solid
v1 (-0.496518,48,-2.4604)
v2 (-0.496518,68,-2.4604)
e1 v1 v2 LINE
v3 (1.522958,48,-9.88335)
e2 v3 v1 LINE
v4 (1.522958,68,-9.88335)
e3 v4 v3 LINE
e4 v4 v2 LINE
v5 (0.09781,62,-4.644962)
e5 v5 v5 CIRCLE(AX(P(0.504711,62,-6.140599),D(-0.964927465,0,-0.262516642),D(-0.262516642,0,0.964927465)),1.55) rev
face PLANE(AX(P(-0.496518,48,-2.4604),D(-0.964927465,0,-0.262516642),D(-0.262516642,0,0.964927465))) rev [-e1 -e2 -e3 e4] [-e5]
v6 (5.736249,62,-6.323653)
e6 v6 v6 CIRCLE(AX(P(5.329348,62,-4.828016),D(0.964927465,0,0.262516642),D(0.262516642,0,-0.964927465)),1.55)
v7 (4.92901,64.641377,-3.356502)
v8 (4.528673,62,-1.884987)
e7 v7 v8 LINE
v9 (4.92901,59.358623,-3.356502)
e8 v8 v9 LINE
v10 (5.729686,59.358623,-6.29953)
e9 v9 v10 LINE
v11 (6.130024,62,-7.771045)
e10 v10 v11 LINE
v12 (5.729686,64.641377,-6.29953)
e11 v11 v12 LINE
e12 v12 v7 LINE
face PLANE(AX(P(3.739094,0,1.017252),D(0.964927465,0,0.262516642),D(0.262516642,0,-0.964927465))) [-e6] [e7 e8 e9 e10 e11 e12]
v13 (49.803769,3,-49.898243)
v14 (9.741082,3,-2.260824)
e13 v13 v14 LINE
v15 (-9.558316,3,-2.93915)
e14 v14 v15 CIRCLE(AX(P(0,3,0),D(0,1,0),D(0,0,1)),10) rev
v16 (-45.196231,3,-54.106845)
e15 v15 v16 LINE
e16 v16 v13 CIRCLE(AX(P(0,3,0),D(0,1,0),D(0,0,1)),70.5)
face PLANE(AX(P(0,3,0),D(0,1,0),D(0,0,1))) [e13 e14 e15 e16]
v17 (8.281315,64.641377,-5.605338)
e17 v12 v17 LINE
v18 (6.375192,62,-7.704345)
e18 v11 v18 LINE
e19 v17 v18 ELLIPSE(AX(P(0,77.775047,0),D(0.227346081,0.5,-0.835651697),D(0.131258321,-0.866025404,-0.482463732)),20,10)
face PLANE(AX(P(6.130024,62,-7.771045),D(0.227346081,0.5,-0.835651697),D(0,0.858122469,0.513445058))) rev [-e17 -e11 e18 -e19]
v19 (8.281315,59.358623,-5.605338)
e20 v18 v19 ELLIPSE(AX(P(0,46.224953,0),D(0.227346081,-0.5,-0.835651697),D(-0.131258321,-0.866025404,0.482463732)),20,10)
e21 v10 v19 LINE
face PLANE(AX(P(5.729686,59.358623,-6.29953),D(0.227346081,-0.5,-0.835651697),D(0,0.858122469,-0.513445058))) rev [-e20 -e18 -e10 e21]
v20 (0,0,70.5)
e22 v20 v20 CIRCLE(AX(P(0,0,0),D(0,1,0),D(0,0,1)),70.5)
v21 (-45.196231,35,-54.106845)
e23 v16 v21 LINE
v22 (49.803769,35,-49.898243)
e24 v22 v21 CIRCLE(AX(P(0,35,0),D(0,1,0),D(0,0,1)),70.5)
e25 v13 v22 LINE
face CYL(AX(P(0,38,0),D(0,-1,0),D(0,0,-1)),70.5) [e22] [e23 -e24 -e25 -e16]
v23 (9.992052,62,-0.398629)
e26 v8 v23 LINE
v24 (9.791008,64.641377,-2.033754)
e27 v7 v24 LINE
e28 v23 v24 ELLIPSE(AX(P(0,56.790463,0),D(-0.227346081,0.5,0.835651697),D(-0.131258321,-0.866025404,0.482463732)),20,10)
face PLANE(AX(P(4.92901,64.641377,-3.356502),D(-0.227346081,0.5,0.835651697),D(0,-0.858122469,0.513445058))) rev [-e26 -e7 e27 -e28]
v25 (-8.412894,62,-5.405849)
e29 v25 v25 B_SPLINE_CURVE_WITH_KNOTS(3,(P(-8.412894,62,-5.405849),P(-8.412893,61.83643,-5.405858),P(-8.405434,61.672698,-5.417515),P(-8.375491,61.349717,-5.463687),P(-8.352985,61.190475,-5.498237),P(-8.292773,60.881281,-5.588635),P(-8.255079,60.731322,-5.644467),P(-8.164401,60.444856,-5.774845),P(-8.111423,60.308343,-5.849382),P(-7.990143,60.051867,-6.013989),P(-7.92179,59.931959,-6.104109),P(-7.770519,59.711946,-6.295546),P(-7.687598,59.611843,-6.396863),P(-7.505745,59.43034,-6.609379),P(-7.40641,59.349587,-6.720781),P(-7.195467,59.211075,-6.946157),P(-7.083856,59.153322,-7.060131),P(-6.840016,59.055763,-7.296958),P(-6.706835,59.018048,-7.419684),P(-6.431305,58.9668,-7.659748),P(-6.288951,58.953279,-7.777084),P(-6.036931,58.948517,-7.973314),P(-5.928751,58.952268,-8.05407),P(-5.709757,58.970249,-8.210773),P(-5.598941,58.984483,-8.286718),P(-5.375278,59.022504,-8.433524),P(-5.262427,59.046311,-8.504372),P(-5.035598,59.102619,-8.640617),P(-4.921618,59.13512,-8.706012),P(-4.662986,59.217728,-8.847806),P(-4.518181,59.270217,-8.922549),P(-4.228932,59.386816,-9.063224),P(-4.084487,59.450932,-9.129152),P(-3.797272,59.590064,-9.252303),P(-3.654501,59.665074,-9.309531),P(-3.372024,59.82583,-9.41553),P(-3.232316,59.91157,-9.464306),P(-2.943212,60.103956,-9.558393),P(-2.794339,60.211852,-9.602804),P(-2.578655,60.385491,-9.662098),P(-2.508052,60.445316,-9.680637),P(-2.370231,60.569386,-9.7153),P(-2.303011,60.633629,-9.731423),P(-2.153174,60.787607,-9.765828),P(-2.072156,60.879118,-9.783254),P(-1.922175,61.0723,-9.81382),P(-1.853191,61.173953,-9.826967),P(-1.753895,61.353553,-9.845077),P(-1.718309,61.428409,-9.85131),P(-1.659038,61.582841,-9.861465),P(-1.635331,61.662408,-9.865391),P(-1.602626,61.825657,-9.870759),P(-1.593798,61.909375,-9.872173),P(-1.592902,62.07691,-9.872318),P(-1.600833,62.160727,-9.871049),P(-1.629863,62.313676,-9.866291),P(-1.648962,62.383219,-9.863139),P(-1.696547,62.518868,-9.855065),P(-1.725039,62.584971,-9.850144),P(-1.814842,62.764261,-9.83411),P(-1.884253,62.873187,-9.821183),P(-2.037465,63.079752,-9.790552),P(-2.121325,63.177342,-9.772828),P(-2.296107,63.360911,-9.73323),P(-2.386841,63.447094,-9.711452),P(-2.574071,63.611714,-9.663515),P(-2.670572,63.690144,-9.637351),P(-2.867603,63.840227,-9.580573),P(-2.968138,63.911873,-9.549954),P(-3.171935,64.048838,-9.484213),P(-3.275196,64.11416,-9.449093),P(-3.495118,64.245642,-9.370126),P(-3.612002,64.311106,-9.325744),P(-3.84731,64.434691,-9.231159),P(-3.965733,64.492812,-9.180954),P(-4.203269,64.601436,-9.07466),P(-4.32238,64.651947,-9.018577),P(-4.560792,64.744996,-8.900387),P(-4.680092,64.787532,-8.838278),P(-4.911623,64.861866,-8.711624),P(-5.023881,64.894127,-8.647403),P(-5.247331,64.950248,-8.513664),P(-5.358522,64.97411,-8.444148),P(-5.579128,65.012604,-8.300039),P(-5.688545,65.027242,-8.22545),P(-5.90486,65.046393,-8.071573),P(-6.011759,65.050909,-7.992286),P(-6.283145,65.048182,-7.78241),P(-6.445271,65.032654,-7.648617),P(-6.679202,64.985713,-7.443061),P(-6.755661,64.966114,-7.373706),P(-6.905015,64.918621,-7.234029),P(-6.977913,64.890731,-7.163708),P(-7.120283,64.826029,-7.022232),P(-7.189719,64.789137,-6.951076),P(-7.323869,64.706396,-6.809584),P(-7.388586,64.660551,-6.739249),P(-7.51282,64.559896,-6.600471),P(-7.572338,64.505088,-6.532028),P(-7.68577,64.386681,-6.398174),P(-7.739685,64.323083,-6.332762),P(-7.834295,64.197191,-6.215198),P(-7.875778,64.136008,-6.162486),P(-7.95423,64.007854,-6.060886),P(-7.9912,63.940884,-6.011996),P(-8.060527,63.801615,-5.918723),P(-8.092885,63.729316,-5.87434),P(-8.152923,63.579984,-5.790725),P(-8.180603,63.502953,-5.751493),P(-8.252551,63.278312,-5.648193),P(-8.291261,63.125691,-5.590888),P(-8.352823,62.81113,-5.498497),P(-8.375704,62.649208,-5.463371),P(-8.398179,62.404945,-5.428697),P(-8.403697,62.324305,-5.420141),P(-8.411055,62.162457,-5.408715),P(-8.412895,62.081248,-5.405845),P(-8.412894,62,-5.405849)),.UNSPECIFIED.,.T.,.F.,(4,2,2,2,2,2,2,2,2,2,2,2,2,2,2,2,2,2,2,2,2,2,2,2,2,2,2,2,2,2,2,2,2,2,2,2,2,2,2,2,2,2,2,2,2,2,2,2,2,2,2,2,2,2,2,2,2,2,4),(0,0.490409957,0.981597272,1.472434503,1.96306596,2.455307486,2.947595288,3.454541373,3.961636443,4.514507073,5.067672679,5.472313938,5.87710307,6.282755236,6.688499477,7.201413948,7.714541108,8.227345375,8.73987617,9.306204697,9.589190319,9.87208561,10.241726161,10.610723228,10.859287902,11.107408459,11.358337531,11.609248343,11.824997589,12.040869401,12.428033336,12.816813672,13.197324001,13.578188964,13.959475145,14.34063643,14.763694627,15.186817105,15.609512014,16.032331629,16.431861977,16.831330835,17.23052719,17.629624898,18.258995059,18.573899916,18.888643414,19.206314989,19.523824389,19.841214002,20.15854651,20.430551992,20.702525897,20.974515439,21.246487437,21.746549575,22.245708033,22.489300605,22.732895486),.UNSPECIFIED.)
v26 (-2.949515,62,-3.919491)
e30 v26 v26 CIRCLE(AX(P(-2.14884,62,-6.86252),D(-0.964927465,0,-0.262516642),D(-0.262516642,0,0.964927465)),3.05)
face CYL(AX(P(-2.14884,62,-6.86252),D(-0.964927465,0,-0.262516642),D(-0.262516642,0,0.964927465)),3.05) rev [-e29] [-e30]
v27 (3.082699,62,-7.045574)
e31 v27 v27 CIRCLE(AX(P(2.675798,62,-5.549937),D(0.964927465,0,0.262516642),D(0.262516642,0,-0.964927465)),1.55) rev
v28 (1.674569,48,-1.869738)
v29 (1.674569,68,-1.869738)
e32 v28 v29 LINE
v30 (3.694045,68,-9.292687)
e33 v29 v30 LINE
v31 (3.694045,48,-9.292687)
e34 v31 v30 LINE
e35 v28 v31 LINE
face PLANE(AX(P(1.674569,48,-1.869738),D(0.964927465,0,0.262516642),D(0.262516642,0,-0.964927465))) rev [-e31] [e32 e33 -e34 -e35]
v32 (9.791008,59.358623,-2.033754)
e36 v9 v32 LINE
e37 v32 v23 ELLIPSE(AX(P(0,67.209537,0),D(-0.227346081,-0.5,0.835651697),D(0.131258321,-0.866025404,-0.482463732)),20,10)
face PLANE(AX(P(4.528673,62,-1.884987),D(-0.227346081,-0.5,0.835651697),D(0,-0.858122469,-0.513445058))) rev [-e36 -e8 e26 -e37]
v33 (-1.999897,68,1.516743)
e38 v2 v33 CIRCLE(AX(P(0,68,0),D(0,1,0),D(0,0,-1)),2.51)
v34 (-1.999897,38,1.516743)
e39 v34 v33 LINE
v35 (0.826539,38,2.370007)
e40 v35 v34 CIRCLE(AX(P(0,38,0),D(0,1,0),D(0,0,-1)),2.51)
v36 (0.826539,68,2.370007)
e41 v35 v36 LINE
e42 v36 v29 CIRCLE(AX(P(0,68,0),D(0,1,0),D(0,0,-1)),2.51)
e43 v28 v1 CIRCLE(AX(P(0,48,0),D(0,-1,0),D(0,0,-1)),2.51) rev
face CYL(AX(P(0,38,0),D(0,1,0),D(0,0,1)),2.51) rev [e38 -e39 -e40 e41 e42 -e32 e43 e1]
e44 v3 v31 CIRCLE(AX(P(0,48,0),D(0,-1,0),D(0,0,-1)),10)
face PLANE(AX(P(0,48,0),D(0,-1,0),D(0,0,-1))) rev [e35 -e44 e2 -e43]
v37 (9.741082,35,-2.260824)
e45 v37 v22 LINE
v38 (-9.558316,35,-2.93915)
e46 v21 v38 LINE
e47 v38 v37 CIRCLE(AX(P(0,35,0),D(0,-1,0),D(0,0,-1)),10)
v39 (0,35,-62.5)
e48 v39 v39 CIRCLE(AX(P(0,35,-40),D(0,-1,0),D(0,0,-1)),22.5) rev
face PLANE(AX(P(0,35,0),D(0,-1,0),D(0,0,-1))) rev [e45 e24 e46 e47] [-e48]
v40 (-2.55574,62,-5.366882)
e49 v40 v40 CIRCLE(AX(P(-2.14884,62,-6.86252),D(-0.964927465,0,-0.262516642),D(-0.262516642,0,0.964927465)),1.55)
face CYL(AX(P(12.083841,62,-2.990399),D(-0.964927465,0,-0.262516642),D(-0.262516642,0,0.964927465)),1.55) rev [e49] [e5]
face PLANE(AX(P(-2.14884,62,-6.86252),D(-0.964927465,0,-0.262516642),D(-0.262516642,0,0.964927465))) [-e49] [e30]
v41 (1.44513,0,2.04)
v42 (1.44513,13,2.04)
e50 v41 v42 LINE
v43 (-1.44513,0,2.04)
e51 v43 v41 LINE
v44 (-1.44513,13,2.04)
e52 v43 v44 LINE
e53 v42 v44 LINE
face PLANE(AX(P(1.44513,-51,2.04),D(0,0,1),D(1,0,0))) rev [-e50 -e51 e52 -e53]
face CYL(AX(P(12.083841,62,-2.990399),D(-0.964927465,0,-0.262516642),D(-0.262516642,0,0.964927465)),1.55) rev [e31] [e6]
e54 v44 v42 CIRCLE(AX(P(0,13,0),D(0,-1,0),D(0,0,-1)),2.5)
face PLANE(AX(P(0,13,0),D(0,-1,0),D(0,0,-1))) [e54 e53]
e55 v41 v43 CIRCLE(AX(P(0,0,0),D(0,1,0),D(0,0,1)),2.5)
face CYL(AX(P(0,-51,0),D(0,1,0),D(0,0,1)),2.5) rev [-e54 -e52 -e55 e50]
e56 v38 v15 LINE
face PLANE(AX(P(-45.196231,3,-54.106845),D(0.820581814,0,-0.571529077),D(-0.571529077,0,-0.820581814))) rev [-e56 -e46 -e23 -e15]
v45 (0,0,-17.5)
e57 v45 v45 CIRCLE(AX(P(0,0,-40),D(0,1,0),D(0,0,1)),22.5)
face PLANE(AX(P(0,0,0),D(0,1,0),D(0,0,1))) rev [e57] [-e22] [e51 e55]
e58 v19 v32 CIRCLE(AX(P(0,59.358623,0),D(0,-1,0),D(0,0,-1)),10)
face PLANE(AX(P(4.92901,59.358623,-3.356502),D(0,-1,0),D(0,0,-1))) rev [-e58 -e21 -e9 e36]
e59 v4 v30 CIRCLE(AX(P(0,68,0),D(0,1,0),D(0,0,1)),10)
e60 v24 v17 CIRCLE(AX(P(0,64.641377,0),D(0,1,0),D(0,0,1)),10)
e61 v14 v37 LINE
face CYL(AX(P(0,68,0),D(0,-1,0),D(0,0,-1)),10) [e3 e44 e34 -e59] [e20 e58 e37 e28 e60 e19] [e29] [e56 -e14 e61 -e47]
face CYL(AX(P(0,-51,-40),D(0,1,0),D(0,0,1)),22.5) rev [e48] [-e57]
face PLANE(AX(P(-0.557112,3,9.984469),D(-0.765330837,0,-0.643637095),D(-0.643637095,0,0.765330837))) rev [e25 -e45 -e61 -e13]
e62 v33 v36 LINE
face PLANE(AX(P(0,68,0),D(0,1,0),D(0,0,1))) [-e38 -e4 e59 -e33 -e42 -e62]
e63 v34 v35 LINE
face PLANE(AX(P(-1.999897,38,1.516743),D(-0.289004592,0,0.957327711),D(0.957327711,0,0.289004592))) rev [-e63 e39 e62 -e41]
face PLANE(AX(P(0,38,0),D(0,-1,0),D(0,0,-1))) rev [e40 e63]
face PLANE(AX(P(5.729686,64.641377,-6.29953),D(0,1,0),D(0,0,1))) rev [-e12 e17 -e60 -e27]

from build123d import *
from build123d.topology import SkipClean

# Parameters (mm, degrees)
SKETCH3_R               = 70.5
BOSS_EXTRUDE2_DEPTH     = 38
SKETCH4_R               = 22.5
CUT_EXTRUDE1_DEPTH      = 89
CUT_EXTRUDE2_START      = -35
CUT_EXTRUDE2_DEPTH      = 35
SKETCH8_R               = 10
BOSS_EXTRUDE3_DEPTH     = 65
CUT_EXTRUDE4_DEPTH      = 30
CUT_EXTRUDE5_START      = -3
CUT_EXTRUDE5_DEPTH      = 3
CUT_EXTRUDE6_START      = -10
CUT_EXTRUDE6_DEPTH      = 10
CUT_EXTRUDE7_DEPTH      = 20
CUT_EXTRUDE9_DEPTH      = 12
CUT_EXTRUDE9_DEPTH_BACK = 12
SKETCH14_R              = 1.55
CUT_EXTRUDE10_DEPTH     = 7
SKETCH16_R              = 3.05
CUT_EXTRUDE11_DEPTH     = 7


with BuildPart() as part:
    # Sketch3 → Boss-Extrude2 (new body)
    with BuildSketch(Plane(origin=(0, 0, 0), x_dir=(1, 0, 0), z_dir=(0, 1, 0))):
        Circle(SKETCH3_R)
    extrude(amount=BOSS_EXTRUDE2_DEPTH)

    # Sketch4 → Cut-Extrude1 (cut)
    with BuildSketch(Plane(origin=(0, 38, 0), x_dir=(1, 0, 0), z_dir=(0, 1, 0))):
        with Locations((0, 40)):
            Circle(SKETCH4_R)
        with BuildLine():
            Line((1.445129752, -2.04), (-1.445129752, -2.04))
            ThreePointArc((-1.445129752, -2.04), (0, 2.5), (1.445129752, -2.04))
        make_face()
    extrude(amount=-CUT_EXTRUDE1_DEPTH, mode=Mode.SUBTRACT)

    # Sketch6 → Cut-Extrude2 (cut)
    with BuildSketch(Plane(origin=(0, 38, 0), x_dir=(1, 0, 0), z_dir=(0, 1, 0)).offset(CUT_EXTRUDE2_START)):
        with BuildLine():
            Line((-45.196231291, 54.106845011), (-0.557111742, -9.984469265))
            Line((-0.557111742, -9.984469265), (49.803768709, 49.898242679))
            ThreePointArc((49.803768709, 49.898242679), (-3.120165646, -70.430920527), (-45.196231291, 54.106845011))
        make_face()
    extrude(amount=CUT_EXTRUDE2_DEPTH, mode=Mode.SUBTRACT)

    # Sketch8 → Boss-Extrude3 (add)
    with BuildSketch(Plane(origin=(0, 3, 0), x_dir=(1, 0, 0), z_dir=(0, 1, 0))):
        Circle(SKETCH8_R)
    extrude(amount=BOSS_EXTRUDE3_DEPTH)

    # Sketch10 → Cut-Extrude4 (cut)
    with BuildSketch(Plane(origin=(0, 68, 0), x_dir=(1, 0, 0), z_dir=(0, 1, 0))):
        with BuildLine():
            Line((-1.99989737, -1.516743389), (0.826538727, -2.370007117))
            ThreePointArc((0.826538727, -2.370007117), (0.725401526, 2.402892554), (-1.99989737, -1.516743389))
        make_face()
    extrude(amount=-CUT_EXTRUDE4_DEPTH, mode=Mode.SUBTRACT)

    # Sketch11 → Cut-Extrude5 (cut)
    with SkipClean():  # the faces are left unmerged after this step: merging them gives an invalid solid
        with BuildSketch(Plane(origin=(0, 38, 0), x_dir=(1, 0, 0), z_dir=(0, 1, 0)).offset(CUT_EXTRUDE5_START)):
            with BuildLine():
                Line((-45.196231291, 54.106845011), (-9.558315606, 2.939150008))
                ThreePointArc((-9.558315606, 2.939150008), (0.351258268, 9.993828977), (9.741081782, 2.260824122))
                Line((9.741081782, 2.260824122), (49.803768709, 49.898242679))
                ThreePointArc((49.803768709, 49.898242679), (3.120165646, 70.430920527), (-45.196231291, 54.106845011))
            make_face()
        extrude(amount=CUT_EXTRUDE5_DEPTH, mode=Mode.SUBTRACT)

    # Sketch12 → Cut-Extrude6 (cut)
    with SkipClean():  # the faces are left unmerged after this step: merging them gives an invalid solid
        with BuildSketch(Plane.XZ.offset(-3).offset(CUT_EXTRUDE6_START)):
            with BuildLine():
                Line((-1.445129752, 2.04), (1.445129752, 2.04))
                ThreePointArc((1.445129752, 2.04), (0, -2.5), (-1.445129752, 2.04))
            make_face()
        extrude(amount=CUT_EXTRUDE6_DEPTH, mode=Mode.SUBTRACT)

    # Sketch13 → Cut-Extrude7 (cut)
    with SkipClean():  # the faces are left unmerged after this step: merging them gives an invalid solid
        with BuildSketch(Plane(origin=(0, 68, 0), x_dir=(1, 0, 0), z_dir=(0, 1, 0))):
            Polygon((-0.496518118, 2.460400325), (1.674568679, 1.86973788), (3.774701815, 9.5891576), (1.603615019, 10.179820045), align=None)
        extrude(amount=-CUT_EXTRUDE7_DEPTH, mode=Mode.SUBTRACT)

    # Sketch14 → Cut-Extrude9 (cut, two sides: drawn at the far end of the back side and taken through both)
    with SkipClean():  # the faces are left unmerged after this step: merging them gives an invalid solid
        with BuildSketch(Plane(origin=(-1.085543398, 0, -0.295331222), x_dir=(0.2625166420985644, 0, -0.9649274649533479), z_dir=(0.9649274649533479, 0, 0.2625166420985644)).offset(-CUT_EXTRUDE9_DEPTH_BACK)):
            with Locations((6.057727773, 62)):
                Circle(SKETCH14_R)
        extrude(amount=CUT_EXTRUDE9_DEPTH + CUT_EXTRUDE9_DEPTH_BACK, mode=Mode.SUBTRACT)

    # Sketch15 → Cut-Extrude10 (cut)
    with SkipClean():  # the faces are left unmerged after this step: merging them gives an invalid solid
        with BuildSketch(Plane(origin=(10.493586181, 0, 2.854868483), x_dir=(0.2625166420985644, 0, -0.9649274649533479), z_dir=(0.9649274649533479, 0, 0.2625166420985644))):
            Polygon((9.107727773, 62), (7.582727773, 64.641377482), (4.532727773, 64.641377482), (3.007727773, 62), (4.532727773, 59.358622518), (7.582727773, 59.358622518), align=None)
        extrude(amount=-CUT_EXTRUDE10_DEPTH, mode=Mode.SUBTRACT)

    # Sketch16 → Cut-Extrude11 (cut)
    with SkipClean():  # the faces are left unmerged after this step: merging them gives an invalid solid
        with BuildSketch(Plane(origin=(-10.493586181, 0, -2.854868483), x_dir=(-0.26251664209856435, 0, 0.9649274649533478), z_dir=(-0.9649274649533478, 0, -0.26251664209856435))):
            with Locations((-6.057727773, 62)):
                Circle(SKETCH16_R)
        extrude(amount=-CUT_EXTRUDE11_DEPTH, mode=Mode.SUBTRACT)


solid = part.part
